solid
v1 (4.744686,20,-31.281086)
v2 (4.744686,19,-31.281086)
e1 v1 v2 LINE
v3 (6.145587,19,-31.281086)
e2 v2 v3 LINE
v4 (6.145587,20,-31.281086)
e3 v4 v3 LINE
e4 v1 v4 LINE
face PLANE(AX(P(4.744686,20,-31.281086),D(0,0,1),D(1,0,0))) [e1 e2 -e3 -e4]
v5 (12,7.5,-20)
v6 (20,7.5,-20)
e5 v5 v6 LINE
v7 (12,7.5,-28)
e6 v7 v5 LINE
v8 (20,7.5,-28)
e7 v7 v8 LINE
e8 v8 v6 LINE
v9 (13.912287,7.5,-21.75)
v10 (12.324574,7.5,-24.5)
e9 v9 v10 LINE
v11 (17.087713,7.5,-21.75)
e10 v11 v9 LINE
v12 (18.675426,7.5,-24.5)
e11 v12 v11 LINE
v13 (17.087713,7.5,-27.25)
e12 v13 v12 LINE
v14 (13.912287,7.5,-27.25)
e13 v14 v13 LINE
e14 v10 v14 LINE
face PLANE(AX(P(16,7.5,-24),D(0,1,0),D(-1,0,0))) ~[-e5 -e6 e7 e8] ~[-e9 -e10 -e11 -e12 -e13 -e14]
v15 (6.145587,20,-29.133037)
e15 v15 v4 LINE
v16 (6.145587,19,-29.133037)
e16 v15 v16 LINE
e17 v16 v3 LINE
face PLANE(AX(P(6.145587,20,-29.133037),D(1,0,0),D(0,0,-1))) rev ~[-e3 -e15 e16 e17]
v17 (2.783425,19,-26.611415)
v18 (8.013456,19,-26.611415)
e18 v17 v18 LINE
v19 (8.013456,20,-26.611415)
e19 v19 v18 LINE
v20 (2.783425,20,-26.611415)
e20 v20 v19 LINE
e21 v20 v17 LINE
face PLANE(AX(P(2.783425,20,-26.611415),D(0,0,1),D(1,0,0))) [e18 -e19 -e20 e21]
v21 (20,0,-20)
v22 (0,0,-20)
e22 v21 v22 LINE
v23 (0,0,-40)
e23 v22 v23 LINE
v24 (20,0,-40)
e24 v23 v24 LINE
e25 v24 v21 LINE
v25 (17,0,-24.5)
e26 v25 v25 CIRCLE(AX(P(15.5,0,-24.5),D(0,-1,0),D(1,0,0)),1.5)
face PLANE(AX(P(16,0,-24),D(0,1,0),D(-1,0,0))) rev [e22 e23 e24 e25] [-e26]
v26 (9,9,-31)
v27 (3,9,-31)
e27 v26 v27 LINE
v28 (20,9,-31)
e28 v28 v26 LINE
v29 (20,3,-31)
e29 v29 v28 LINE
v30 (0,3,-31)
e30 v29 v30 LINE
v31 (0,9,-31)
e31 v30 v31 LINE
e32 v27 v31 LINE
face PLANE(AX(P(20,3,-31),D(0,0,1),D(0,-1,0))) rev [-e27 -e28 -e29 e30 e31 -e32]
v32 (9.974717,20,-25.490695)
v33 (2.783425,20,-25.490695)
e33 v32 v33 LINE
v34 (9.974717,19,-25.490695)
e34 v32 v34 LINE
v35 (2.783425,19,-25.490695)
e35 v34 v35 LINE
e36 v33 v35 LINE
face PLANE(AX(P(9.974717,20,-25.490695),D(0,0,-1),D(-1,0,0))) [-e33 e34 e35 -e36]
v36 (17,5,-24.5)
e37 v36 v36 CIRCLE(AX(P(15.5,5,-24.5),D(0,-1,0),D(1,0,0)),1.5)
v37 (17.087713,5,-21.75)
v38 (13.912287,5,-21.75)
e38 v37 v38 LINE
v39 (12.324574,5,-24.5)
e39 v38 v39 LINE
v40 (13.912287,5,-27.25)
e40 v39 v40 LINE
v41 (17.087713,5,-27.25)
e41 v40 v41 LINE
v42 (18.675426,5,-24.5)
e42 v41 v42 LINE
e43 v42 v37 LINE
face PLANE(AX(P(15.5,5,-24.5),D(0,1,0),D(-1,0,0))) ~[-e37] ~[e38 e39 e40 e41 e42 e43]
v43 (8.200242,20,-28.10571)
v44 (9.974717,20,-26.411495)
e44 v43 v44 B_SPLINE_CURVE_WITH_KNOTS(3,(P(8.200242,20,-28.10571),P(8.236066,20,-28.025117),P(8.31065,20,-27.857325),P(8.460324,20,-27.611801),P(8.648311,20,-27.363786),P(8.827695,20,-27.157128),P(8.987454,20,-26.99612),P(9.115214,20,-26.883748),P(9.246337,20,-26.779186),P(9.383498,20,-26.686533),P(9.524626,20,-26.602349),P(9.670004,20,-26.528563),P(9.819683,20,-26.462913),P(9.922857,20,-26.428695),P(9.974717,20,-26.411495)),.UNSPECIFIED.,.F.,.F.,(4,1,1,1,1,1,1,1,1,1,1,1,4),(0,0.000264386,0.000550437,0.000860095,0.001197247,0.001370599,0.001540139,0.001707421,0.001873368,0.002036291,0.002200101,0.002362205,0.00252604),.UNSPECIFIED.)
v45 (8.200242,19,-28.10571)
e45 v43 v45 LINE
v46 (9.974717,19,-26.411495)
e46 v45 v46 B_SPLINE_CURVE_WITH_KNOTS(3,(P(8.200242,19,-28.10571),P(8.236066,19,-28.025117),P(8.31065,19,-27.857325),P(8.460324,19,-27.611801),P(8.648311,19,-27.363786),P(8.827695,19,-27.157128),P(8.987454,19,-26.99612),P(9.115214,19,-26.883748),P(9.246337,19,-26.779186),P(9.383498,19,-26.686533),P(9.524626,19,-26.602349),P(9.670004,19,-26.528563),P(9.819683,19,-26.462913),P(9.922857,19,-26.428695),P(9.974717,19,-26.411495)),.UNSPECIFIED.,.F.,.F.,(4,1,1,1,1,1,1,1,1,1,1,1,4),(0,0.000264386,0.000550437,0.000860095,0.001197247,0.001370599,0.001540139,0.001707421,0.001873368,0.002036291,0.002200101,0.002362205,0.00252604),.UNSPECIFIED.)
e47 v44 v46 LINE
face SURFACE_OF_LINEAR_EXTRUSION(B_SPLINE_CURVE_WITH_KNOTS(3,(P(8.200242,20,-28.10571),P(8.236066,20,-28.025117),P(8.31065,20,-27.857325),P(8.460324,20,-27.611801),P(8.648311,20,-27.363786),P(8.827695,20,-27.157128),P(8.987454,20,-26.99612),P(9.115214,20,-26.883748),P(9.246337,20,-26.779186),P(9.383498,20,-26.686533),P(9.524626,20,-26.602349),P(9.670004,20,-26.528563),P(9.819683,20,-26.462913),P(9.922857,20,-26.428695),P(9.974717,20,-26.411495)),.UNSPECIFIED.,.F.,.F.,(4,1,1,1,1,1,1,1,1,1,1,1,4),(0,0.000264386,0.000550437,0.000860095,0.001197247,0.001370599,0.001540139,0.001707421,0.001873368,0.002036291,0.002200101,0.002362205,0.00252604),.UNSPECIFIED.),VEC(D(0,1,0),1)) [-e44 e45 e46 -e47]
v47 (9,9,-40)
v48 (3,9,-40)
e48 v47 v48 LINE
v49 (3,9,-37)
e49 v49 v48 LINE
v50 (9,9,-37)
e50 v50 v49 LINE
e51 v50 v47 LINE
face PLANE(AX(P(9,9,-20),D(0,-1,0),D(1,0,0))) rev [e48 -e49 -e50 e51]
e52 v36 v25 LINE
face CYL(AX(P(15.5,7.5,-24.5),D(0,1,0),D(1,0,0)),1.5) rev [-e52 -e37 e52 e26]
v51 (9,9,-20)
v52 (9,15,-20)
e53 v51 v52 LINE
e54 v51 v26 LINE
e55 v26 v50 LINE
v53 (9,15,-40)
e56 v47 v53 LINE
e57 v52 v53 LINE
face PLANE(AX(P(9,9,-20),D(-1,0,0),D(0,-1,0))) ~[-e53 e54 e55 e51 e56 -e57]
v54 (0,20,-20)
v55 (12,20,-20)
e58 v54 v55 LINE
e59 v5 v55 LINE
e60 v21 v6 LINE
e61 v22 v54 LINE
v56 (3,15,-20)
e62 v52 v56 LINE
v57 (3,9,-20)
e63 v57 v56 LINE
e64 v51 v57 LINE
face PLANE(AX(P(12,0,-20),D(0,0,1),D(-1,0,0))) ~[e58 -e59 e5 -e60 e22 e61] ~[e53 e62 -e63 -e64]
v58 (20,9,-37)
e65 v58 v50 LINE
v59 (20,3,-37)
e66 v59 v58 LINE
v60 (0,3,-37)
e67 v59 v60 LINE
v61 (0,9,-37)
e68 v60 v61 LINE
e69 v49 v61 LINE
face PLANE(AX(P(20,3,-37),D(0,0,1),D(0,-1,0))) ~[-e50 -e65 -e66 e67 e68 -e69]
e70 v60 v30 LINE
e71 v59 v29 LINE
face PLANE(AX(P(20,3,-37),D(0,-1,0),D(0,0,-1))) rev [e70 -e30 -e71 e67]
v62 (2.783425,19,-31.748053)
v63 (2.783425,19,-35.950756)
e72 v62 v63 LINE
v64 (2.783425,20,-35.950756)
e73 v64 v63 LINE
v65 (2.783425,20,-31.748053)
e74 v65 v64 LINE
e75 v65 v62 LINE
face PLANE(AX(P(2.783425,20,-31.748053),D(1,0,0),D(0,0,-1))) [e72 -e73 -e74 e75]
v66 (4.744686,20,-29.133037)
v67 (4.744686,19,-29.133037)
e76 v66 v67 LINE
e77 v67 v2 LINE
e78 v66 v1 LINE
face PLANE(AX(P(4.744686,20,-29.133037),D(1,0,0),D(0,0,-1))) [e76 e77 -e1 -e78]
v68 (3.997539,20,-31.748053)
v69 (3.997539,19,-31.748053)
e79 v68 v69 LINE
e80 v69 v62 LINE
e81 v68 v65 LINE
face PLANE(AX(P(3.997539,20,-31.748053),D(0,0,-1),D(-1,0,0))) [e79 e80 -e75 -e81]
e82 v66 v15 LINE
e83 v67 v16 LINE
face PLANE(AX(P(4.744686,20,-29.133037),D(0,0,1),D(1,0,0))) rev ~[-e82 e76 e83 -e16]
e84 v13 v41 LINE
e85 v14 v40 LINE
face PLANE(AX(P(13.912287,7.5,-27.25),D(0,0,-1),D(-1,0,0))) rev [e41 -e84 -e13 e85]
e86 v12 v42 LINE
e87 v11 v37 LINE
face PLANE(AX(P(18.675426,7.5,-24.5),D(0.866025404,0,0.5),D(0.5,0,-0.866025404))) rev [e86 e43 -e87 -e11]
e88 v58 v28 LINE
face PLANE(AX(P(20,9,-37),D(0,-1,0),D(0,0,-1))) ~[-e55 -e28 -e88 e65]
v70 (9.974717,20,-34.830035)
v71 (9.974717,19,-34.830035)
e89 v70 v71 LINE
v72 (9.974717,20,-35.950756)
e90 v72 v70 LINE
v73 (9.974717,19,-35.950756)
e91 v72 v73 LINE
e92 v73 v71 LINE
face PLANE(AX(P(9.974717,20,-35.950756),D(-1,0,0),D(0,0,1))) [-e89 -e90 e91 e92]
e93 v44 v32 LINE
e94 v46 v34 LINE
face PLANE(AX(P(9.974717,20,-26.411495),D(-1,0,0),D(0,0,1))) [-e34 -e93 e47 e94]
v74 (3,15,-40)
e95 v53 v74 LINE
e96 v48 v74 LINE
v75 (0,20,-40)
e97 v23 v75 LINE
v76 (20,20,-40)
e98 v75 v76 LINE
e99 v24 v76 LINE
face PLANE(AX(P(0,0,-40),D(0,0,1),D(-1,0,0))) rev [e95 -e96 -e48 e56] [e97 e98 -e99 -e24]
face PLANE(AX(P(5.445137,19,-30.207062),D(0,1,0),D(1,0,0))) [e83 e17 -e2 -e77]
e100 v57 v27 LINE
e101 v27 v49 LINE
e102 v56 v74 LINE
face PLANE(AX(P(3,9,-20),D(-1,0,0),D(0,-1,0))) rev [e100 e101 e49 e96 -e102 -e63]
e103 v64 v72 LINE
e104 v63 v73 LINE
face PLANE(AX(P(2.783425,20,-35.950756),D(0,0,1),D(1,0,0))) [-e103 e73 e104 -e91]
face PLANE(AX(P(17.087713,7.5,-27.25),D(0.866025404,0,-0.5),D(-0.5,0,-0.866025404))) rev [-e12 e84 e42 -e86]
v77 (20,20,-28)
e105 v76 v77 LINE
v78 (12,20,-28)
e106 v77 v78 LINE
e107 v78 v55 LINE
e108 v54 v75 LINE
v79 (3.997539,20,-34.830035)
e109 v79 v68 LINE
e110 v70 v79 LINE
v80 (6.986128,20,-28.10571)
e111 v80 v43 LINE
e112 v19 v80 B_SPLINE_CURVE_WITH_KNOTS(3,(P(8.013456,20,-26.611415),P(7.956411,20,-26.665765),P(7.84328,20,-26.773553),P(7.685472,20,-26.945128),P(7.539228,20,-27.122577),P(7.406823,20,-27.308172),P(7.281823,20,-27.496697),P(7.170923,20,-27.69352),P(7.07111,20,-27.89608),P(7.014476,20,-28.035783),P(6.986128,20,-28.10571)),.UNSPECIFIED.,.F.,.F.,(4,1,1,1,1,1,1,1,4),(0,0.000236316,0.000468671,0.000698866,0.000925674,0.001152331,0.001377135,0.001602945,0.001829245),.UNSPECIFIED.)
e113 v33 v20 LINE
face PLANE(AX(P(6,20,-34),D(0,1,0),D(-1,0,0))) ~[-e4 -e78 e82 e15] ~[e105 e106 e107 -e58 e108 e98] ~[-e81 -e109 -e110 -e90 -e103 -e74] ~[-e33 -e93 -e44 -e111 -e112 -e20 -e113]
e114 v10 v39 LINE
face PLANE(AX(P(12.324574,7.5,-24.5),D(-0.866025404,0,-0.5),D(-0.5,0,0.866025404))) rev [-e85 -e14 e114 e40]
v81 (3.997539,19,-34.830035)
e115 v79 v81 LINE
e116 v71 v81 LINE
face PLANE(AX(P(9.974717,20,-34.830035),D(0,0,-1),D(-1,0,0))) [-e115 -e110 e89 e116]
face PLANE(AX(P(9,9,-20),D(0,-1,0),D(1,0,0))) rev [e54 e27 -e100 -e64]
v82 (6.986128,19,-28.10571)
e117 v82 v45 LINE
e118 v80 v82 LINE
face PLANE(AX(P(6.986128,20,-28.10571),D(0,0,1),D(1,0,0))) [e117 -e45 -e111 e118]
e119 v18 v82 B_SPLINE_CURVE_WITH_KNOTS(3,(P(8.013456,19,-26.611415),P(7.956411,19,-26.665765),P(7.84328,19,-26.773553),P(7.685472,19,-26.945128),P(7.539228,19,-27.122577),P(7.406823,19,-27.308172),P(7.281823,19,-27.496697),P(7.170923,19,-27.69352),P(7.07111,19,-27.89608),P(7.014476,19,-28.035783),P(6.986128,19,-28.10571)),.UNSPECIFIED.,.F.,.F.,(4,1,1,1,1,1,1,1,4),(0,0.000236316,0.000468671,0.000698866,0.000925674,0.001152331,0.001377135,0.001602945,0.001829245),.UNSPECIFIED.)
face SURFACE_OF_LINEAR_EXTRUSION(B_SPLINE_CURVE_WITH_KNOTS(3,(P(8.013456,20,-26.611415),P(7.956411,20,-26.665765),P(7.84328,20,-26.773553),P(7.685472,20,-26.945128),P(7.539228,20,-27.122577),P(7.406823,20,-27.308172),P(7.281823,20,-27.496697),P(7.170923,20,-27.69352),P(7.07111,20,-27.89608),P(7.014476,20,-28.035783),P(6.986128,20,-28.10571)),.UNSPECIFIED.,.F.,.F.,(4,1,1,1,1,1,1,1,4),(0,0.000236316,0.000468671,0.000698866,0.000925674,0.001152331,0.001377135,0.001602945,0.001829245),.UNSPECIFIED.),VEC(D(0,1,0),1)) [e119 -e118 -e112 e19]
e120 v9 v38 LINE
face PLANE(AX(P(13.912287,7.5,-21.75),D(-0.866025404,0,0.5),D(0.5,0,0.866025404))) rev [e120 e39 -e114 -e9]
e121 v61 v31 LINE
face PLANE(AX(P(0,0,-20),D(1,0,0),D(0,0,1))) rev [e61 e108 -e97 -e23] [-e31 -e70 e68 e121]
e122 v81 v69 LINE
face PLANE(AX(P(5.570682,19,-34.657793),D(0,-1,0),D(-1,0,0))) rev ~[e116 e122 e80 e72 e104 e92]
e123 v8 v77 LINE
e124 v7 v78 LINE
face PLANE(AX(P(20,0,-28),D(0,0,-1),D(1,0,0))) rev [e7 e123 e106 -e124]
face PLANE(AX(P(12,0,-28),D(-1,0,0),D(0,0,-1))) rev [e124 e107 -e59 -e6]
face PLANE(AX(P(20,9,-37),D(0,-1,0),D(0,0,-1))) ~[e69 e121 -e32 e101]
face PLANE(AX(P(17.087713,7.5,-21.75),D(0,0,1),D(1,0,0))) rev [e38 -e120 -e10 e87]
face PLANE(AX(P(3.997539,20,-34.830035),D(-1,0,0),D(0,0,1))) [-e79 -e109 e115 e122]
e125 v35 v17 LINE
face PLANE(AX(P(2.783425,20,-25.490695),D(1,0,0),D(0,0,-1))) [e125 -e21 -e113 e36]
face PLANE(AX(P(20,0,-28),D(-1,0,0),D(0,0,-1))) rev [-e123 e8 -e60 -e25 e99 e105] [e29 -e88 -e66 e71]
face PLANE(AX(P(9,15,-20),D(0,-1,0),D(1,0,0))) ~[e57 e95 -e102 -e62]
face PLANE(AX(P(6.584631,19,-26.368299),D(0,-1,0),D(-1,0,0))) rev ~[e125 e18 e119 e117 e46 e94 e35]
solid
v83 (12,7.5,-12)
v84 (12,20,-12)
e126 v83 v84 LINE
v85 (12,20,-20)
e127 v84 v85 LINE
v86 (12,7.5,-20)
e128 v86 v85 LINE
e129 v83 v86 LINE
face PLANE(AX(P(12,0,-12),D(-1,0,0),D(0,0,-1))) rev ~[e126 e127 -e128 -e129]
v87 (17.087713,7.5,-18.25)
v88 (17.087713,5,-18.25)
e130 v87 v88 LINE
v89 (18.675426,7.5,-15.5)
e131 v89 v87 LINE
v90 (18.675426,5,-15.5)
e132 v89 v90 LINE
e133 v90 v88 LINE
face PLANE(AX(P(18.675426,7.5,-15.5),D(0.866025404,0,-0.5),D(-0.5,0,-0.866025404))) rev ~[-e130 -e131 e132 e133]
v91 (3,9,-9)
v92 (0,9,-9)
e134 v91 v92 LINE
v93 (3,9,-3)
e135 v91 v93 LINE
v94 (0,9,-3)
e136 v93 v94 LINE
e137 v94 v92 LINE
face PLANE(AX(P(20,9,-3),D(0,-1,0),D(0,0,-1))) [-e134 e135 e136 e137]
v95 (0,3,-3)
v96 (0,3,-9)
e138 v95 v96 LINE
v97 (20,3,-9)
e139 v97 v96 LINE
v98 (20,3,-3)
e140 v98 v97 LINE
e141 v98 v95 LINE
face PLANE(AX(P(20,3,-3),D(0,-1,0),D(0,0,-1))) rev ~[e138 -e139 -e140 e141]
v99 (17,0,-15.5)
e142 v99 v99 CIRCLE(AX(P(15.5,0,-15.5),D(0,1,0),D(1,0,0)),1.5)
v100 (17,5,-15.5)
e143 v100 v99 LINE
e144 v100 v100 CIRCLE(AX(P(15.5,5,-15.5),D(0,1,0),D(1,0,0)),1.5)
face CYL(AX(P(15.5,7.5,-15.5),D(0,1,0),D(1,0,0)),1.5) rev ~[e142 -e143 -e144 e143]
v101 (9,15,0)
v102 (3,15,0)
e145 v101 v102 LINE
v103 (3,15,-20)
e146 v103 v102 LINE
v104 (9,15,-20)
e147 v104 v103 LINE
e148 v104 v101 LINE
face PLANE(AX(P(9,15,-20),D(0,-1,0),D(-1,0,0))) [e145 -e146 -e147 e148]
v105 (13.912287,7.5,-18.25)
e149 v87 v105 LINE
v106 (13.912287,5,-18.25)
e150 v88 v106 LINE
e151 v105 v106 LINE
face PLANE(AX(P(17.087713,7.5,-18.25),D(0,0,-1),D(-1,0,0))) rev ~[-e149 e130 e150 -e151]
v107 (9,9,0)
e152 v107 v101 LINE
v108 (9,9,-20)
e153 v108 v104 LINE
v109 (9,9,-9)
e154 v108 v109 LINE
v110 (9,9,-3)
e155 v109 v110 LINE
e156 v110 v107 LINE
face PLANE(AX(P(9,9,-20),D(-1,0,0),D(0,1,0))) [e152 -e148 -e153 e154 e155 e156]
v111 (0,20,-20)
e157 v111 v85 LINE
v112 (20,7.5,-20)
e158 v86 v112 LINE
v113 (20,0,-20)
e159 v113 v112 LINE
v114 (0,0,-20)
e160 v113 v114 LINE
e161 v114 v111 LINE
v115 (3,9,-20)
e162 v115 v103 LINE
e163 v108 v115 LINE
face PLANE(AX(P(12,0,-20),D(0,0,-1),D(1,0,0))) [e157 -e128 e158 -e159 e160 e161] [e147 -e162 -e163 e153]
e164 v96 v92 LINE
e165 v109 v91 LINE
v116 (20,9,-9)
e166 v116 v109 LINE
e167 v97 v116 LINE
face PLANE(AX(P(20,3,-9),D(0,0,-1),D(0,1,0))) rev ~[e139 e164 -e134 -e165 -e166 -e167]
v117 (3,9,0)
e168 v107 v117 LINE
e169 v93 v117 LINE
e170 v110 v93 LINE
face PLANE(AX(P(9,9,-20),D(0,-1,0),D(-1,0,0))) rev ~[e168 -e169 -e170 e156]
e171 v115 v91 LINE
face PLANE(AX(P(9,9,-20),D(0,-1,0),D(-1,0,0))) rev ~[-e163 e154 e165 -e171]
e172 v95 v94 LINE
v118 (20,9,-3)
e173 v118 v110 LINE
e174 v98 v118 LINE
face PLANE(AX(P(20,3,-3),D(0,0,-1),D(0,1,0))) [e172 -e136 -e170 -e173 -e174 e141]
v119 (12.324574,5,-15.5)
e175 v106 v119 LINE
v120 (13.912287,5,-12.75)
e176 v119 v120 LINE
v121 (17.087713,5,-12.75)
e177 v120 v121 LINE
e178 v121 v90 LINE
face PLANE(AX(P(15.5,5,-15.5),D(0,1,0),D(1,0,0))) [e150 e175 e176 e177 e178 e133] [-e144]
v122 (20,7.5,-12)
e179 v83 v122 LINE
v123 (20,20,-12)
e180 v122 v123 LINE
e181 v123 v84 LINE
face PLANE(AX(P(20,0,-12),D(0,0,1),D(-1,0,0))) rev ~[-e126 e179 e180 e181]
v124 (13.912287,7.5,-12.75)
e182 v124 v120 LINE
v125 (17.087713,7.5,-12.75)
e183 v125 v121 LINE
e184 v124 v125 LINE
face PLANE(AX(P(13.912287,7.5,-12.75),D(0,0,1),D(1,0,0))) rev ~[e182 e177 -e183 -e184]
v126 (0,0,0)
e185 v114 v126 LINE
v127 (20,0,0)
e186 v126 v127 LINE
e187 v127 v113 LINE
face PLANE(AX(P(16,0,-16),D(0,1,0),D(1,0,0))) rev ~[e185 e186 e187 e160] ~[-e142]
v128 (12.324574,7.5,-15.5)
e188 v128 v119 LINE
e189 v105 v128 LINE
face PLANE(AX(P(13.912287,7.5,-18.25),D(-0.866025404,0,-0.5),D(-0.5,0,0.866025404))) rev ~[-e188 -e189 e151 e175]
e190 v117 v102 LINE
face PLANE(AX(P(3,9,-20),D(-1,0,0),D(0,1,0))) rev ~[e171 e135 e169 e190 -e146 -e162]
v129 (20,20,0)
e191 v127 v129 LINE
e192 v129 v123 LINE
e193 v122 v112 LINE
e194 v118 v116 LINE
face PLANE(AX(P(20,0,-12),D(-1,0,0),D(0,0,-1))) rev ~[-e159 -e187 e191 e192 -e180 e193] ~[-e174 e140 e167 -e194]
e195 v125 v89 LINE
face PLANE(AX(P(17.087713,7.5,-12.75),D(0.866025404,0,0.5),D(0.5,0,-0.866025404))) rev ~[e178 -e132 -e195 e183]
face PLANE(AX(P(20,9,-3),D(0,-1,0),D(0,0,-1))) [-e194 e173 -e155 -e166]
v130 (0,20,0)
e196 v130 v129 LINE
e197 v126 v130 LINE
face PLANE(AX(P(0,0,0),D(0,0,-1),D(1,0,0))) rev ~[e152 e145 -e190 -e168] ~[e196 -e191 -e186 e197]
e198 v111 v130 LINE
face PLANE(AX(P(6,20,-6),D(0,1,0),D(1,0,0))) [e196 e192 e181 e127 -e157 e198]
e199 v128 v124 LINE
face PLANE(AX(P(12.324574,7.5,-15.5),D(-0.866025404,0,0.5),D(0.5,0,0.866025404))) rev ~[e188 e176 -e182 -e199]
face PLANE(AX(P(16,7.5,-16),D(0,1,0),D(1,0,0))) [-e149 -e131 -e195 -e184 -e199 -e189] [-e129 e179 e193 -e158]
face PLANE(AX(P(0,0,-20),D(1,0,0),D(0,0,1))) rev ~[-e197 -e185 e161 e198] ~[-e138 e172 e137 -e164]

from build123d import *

# Parameters (mm, degrees)
RESSALTO_EXTRUS_O1_DEPTH = 20
ESBO_O2_W                = 6
ESBO_O2_H                = 6
CORTE_EXTRUS_O1_DEPTH    = 20
ESBO_O3_W                = 6
ESBO_O3_H                = 6
CORTE_EXTRUS_O2_DEPTH    = 20
ESBO_O1_3_W              = 8
ESBO_O1_3_H              = 8
RESSALTO_EXTRUS_O2_DEPTH = 7.5
CORTE_EXTRUS_O3_DEPTH    = 2.5
ESBO_O4_3_R              = 1.5
CORTE_EXTRUS_O4_DEPTH    = 31.923292192
ESBO_O7_W                = 1.400901101
ESBO_O7_H                = 2.148048355
CORTE_EXTRUS_O5_DEPTH    = 1


with BuildPart() as part:
    # Esboço1 → Ressalto-extrusão1 (new body)
    with BuildSketch(Plane(origin=(0, 0, 0), x_dir=(1, 0, 0), z_dir=(0, 1, 0))):
        Polygon((12, 12), (12, 20), (0, 20), (0, 0), (20, 0), (20, 12), align=None)
    extrude(amount=RESSALTO_EXTRUS_O1_DEPTH)

    # Esboço2 → Corte-extrusão1 (cut)
    with BuildSketch(Plane(origin=(20, 0, 0), x_dir=(0, 0, -1), z_dir=(1, 0, 0))):
        with Locations((6, 6)):
            Rectangle(ESBO_O2_W, ESBO_O2_H)
    extrude(amount=-CORTE_EXTRUS_O1_DEPTH, mode=Mode.SUBTRACT)

    # Esboço3 → Corte-extrusão2 (cut)
    with BuildSketch(Plane(origin=(0, 0, -20), x_dir=(-1, 0, 0), z_dir=(0, 0, -1))):
        with Locations((-6, 12)):
            Rectangle(ESBO_O3_W, ESBO_O3_H)
    extrude(amount=-CORTE_EXTRUS_O2_DEPTH, mode=Mode.SUBTRACT)

    # Esboço1<3> → Ressalto-extrusão2 (add)
    with BuildSketch(Plane(origin=(0, 0, 0), x_dir=(1, 0, 0), z_dir=(0, 1, 0))):
        with Locations((16, 16)):
            Rectangle(ESBO_O1_3_W, ESBO_O1_3_H)
    extrude(amount=RESSALTO_EXTRUS_O2_DEPTH)

    # Esboço4 → Corte-extrusão3 (cut)
    with BuildSketch(Plane(origin=(0, 7.5, 0), x_dir=(1, 0, 0), z_dir=(0, 1, 0))):
        Polygon((13.91228676, 18.25), (12.324573519, 15.5), (13.91228676, 12.75), (17.08771324, 12.75), (18.675426481, 15.5), (17.08771324, 18.25), align=None)
    extrude(amount=-CORTE_EXTRUS_O3_DEPTH, mode=Mode.SUBTRACT)

    # Esboço4<3> → Corte-extrusão4 (cut, through all)
    with BuildSketch(Plane(origin=(0, 7.5, 0), x_dir=(1, 0, 0), z_dir=(0, 1, 0))):
        with Locations((15.5, 15.5)):
            Circle(ESBO_O4_3_R)
    extrude(amount=-CORTE_EXTRUS_O4_DEPTH, mode=Mode.SUBTRACT)


with BuildPart() as body_2:
    # Espelhar1: mirrored copy
    add(part.part.mirror(Plane(origin=(-12.141421356, 20, -20), x_dir=(1, 0, 0), z_dir=(0, 0, -1))))

    # Esboço7 → Corte-extrusão5 (cut)
    with BuildSketch(Plane(origin=(0, 20, 0), x_dir=(1, 0, 0), z_dir=(0, 1, 0))):
        Polygon((2.783424816, 35.950756168), (9.974717134, 35.950756168), (9.974717134, 34.830035287), (3.997539104, 34.830035287), (3.997539104, 31.748052865), (2.783424816, 31.748052865), align=None)
        with Locations((5.445136908, 30.207061655)):
            Rectangle(ESBO_O7_W, ESBO_O7_H)
        with BuildLine():
            Line((2.783424816, 25.490694615), (2.783424816, 26.611415495))
            Line((2.783424816, 26.611415495), (8.013455593, 26.611415495))
            add(Edge.make_bspline(
                [(8.013455593, 26.611415495), (7.956411457, 26.665764983), (7.843279583, 26.773552739), (7.685471783, 26.945128313), (7.539228038, 27.122576834), (7.406822909, 27.308171919), (7.281823141, 27.496696655), (7.170922859, 27.693520375), (7.07110991, 27.896079573), (7.014475836, 28.035782738), (6.986128119, 28.105710003)],
                knots=[0, 0, 0, 0, 1.033503725, 2.049679824, 3.056413032, 4.048331092, 5.039591953, 6.022745765, 7.010301735, 8, 8, 8, 8], degree=3))
            Line((6.986128119, 28.105710003), (8.200242406, 28.105710003))
            add(Edge.make_bspline(
                [(8.200242406, 28.105710003), (8.236066427, 28.025116526), (8.310650014, 27.857325464), (8.460324288, 27.611800786), (8.648310553, 27.363786483), (8.827695235, 27.157127828), (8.987454389, 26.996120291), (9.11521435, 26.883747501), (9.246337495, 26.779186126), (9.383497662, 26.686533309), (9.524626153, 26.602348603), (9.670003799, 26.528562753), (9.819683418, 26.462912887), (9.922856549, 26.428695038), (9.974717134, 26.411495234)],
                knots=[0, 0, 0, 0, 1.255971001, 2.614860626, 4.085896947, 5.687542932, 6.511057959, 7.316458574, 8.111137054, 8.899470754, 9.673439434, 10.45161887, 11.221697062, 12, 12, 12, 12], degree=3))
            Line((9.974717134, 26.411495234), (9.974717134, 25.490694615))
            Line((9.974717134, 25.490694615), (2.783424816, 25.490694615))
        make_face()
    extrude(amount=-CORTE_EXTRUS_O5_DEPTH, mode=Mode.SUBTRACT)


solid = Compound([part.part, body_2.part])
